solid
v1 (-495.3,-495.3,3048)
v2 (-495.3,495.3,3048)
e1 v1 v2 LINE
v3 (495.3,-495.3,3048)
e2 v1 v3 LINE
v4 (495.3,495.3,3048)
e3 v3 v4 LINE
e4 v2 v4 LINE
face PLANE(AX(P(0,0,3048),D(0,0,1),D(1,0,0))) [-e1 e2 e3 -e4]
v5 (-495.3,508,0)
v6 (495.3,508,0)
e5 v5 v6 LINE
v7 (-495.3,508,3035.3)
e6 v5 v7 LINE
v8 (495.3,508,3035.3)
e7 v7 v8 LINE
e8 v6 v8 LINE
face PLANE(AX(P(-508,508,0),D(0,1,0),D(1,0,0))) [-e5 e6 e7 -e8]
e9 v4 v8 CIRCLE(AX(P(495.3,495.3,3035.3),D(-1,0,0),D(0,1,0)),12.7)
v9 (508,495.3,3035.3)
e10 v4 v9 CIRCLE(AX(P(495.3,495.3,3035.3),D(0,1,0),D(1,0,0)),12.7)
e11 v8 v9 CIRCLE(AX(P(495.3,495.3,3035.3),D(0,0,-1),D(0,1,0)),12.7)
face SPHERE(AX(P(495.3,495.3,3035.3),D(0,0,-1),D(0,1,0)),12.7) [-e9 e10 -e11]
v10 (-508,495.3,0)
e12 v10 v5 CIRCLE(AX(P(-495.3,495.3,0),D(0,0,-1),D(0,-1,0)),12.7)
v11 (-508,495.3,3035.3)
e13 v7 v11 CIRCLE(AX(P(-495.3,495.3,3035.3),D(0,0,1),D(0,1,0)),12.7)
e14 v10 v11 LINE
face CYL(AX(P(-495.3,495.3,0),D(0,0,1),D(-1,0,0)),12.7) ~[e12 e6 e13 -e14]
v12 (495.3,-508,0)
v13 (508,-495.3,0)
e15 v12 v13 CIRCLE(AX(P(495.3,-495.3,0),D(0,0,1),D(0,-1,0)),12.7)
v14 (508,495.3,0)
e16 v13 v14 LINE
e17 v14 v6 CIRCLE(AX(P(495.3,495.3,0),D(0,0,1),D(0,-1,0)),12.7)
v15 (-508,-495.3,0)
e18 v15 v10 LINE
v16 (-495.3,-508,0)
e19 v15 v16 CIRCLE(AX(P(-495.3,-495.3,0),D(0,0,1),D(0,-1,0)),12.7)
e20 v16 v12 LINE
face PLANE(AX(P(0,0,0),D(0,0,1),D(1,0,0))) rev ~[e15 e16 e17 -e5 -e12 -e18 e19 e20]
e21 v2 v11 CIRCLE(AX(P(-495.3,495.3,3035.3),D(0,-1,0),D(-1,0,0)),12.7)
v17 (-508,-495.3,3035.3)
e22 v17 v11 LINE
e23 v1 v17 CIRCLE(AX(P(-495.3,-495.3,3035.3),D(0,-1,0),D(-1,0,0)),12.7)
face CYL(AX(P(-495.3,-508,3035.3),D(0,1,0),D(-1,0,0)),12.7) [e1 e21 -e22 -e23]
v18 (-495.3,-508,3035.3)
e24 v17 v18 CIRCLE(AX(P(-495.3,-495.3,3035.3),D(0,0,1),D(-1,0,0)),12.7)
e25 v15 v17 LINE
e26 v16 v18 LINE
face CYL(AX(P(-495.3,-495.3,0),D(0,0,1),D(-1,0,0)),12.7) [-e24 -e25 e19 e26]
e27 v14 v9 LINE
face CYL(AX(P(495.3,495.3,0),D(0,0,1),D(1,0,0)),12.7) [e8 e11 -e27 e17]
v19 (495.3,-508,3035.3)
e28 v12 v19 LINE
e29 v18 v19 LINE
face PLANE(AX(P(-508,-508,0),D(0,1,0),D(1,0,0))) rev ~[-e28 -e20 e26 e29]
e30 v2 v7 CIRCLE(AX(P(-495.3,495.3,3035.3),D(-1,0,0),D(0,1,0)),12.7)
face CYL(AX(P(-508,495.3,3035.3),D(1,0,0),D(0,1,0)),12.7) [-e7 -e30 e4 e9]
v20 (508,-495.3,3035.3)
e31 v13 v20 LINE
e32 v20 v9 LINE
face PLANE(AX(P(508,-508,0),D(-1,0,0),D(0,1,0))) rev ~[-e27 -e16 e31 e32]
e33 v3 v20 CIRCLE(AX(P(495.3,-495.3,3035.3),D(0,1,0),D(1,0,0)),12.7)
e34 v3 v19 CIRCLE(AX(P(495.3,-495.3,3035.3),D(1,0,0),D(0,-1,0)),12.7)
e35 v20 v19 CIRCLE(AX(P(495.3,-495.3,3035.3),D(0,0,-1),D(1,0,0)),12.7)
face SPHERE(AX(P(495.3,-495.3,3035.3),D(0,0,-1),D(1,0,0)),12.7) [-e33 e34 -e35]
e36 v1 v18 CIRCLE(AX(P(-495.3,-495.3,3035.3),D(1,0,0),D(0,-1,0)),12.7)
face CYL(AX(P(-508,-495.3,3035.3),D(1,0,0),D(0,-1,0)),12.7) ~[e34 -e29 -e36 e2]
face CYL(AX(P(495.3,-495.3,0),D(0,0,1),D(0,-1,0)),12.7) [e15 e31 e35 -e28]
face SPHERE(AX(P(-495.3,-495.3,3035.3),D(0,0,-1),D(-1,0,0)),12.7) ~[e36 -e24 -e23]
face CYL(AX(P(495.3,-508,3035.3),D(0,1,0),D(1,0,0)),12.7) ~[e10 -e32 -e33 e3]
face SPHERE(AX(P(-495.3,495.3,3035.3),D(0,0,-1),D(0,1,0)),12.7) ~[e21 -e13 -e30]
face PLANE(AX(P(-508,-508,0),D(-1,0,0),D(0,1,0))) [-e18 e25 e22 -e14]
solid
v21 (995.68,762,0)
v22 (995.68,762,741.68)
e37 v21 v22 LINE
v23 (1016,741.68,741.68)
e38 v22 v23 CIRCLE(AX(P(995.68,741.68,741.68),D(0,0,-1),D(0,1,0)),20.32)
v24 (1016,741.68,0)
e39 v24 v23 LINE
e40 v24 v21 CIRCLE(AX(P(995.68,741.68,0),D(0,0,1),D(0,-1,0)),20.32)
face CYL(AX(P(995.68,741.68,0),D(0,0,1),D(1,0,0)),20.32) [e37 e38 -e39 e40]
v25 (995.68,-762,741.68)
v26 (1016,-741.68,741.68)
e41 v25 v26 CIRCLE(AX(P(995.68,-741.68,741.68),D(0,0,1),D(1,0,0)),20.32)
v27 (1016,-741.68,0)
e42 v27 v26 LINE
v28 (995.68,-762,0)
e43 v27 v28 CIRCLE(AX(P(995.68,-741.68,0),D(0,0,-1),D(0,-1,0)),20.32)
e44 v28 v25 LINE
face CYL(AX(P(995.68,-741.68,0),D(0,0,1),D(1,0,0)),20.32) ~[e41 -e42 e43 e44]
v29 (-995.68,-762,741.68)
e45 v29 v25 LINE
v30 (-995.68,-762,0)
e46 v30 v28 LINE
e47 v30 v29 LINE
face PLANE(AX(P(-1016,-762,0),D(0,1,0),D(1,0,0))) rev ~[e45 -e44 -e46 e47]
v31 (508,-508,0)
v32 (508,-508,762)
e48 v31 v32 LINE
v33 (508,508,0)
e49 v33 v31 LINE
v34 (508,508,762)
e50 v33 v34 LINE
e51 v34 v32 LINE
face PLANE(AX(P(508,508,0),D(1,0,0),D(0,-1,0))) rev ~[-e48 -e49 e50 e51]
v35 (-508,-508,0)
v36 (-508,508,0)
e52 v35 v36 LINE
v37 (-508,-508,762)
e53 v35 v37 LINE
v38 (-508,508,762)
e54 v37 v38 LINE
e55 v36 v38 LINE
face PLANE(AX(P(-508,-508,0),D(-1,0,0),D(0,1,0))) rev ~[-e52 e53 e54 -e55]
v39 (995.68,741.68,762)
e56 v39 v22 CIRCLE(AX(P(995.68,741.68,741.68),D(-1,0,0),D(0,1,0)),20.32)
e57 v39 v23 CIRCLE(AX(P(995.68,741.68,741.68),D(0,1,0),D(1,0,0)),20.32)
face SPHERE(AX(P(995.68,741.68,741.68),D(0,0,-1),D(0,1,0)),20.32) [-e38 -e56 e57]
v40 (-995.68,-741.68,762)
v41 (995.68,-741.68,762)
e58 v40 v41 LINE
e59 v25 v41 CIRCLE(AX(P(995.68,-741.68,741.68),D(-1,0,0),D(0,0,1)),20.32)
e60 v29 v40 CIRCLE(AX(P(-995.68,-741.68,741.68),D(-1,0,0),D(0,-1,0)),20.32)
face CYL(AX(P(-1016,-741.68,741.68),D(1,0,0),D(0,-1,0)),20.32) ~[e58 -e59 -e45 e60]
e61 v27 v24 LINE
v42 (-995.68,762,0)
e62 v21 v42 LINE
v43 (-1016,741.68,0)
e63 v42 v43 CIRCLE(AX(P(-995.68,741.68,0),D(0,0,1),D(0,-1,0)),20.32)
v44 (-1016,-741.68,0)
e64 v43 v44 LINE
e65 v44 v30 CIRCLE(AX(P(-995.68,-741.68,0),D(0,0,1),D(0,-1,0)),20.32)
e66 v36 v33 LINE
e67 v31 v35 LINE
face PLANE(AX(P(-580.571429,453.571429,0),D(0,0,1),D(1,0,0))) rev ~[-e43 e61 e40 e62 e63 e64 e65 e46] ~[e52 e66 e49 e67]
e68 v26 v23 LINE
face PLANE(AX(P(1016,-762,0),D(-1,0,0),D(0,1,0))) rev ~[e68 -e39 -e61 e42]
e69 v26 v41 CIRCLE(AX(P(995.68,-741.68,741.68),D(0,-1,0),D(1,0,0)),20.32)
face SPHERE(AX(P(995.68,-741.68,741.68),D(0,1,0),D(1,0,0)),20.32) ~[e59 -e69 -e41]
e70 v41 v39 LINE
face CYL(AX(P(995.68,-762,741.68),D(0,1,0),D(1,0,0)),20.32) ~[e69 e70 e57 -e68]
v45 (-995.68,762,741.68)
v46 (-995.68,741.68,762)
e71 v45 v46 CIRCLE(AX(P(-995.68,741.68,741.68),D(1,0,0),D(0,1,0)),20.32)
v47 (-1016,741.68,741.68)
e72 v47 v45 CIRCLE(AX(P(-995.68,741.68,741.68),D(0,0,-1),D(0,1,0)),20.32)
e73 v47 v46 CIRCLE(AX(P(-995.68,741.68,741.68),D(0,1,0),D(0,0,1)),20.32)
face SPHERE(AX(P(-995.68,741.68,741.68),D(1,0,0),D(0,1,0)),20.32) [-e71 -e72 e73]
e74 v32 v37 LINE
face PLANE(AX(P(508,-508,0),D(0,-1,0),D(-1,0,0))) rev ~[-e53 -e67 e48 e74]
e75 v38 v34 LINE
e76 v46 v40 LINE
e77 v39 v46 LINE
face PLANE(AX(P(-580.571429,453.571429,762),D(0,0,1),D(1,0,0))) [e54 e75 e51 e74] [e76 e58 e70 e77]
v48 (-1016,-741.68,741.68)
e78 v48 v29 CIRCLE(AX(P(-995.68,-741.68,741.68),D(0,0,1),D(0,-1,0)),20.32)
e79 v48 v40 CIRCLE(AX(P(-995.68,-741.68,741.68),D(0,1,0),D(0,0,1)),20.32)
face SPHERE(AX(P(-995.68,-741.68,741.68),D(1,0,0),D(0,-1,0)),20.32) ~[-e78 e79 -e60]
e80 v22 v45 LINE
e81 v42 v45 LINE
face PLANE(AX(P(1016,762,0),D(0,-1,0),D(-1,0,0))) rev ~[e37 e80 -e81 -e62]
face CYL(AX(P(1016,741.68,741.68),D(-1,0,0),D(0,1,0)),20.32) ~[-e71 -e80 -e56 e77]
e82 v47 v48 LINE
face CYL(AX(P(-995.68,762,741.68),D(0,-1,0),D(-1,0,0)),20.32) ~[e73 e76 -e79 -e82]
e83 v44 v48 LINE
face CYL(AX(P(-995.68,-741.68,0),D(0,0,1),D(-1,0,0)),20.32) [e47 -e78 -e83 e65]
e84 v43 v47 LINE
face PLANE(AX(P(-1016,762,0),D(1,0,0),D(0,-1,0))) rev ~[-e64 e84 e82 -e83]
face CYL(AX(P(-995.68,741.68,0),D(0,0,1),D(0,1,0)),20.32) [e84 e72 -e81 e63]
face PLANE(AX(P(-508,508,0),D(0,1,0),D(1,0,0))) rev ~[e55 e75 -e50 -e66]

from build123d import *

# Parameters (mm, degrees)
F0_W     = 1016
F0_H     = 1016
F1_DEPTH = 3048
F3_DEPTH = 762
F4_R     = 20.32
F5_R     = 12.7


with BuildPart() as f1:
    # F0 (on Top) → F1 (new body)
    with BuildSketch(Plane.XY):
        Rectangle(F0_W, F0_H)
    extrude(amount=F1_DEPTH)

    # F5
    f5_edges = [f1.edges().sort_by_distance(p)[0] for p in [
        (508, 508, 1524),
        (-508, 508, 1524),
        (-508, -508, 1524),
        (508, -508, 1524),
        (0, 508, 3048),
        (-508, 0, 3048),
        (508, 0, 3048),
        (0, -508, 3048),
    ]]
    fillet(f5_edges, radius=F5_R)


with BuildPart() as f3:
    # F2 (on face) → F3 (new body)
    with BuildSketch(Plane.XY):
        Polygon((-1016, 0), (-508, 0), (-508, 508), (0, 508), (0, 762), (-1016, 762), align=None)
        Polygon((508, 508), (508, 0), (1016, 0), (1016, 762), (0, 762), (0, 508), align=None)
        Polygon((1016, 0), (508, 0), (508, -508), (0, -508), (0, -762), (1016, -762), align=None)
        Polygon((-508, -508), (-508, 0), (-1016, 0), (-1016, -762), (0, -762), (0, -508), align=None)
    extrude(amount=F3_DEPTH)

    # F4
    f4_edges = [f3.edges().sort_by_distance(p)[0] for p in [
        (1016, 762, 381),
        (0, 762, 762),
        (-1016, 762, 381),
        (1016, 0, 762),
        (1016, -762, 381),
        (0, -762, 762),
        (-1016, -762, 381),
        (-1016, 0, 762),
    ]]
    fillet(f4_edges, radius=F4_R)


solid = Compound([f1.part, f3.part])
